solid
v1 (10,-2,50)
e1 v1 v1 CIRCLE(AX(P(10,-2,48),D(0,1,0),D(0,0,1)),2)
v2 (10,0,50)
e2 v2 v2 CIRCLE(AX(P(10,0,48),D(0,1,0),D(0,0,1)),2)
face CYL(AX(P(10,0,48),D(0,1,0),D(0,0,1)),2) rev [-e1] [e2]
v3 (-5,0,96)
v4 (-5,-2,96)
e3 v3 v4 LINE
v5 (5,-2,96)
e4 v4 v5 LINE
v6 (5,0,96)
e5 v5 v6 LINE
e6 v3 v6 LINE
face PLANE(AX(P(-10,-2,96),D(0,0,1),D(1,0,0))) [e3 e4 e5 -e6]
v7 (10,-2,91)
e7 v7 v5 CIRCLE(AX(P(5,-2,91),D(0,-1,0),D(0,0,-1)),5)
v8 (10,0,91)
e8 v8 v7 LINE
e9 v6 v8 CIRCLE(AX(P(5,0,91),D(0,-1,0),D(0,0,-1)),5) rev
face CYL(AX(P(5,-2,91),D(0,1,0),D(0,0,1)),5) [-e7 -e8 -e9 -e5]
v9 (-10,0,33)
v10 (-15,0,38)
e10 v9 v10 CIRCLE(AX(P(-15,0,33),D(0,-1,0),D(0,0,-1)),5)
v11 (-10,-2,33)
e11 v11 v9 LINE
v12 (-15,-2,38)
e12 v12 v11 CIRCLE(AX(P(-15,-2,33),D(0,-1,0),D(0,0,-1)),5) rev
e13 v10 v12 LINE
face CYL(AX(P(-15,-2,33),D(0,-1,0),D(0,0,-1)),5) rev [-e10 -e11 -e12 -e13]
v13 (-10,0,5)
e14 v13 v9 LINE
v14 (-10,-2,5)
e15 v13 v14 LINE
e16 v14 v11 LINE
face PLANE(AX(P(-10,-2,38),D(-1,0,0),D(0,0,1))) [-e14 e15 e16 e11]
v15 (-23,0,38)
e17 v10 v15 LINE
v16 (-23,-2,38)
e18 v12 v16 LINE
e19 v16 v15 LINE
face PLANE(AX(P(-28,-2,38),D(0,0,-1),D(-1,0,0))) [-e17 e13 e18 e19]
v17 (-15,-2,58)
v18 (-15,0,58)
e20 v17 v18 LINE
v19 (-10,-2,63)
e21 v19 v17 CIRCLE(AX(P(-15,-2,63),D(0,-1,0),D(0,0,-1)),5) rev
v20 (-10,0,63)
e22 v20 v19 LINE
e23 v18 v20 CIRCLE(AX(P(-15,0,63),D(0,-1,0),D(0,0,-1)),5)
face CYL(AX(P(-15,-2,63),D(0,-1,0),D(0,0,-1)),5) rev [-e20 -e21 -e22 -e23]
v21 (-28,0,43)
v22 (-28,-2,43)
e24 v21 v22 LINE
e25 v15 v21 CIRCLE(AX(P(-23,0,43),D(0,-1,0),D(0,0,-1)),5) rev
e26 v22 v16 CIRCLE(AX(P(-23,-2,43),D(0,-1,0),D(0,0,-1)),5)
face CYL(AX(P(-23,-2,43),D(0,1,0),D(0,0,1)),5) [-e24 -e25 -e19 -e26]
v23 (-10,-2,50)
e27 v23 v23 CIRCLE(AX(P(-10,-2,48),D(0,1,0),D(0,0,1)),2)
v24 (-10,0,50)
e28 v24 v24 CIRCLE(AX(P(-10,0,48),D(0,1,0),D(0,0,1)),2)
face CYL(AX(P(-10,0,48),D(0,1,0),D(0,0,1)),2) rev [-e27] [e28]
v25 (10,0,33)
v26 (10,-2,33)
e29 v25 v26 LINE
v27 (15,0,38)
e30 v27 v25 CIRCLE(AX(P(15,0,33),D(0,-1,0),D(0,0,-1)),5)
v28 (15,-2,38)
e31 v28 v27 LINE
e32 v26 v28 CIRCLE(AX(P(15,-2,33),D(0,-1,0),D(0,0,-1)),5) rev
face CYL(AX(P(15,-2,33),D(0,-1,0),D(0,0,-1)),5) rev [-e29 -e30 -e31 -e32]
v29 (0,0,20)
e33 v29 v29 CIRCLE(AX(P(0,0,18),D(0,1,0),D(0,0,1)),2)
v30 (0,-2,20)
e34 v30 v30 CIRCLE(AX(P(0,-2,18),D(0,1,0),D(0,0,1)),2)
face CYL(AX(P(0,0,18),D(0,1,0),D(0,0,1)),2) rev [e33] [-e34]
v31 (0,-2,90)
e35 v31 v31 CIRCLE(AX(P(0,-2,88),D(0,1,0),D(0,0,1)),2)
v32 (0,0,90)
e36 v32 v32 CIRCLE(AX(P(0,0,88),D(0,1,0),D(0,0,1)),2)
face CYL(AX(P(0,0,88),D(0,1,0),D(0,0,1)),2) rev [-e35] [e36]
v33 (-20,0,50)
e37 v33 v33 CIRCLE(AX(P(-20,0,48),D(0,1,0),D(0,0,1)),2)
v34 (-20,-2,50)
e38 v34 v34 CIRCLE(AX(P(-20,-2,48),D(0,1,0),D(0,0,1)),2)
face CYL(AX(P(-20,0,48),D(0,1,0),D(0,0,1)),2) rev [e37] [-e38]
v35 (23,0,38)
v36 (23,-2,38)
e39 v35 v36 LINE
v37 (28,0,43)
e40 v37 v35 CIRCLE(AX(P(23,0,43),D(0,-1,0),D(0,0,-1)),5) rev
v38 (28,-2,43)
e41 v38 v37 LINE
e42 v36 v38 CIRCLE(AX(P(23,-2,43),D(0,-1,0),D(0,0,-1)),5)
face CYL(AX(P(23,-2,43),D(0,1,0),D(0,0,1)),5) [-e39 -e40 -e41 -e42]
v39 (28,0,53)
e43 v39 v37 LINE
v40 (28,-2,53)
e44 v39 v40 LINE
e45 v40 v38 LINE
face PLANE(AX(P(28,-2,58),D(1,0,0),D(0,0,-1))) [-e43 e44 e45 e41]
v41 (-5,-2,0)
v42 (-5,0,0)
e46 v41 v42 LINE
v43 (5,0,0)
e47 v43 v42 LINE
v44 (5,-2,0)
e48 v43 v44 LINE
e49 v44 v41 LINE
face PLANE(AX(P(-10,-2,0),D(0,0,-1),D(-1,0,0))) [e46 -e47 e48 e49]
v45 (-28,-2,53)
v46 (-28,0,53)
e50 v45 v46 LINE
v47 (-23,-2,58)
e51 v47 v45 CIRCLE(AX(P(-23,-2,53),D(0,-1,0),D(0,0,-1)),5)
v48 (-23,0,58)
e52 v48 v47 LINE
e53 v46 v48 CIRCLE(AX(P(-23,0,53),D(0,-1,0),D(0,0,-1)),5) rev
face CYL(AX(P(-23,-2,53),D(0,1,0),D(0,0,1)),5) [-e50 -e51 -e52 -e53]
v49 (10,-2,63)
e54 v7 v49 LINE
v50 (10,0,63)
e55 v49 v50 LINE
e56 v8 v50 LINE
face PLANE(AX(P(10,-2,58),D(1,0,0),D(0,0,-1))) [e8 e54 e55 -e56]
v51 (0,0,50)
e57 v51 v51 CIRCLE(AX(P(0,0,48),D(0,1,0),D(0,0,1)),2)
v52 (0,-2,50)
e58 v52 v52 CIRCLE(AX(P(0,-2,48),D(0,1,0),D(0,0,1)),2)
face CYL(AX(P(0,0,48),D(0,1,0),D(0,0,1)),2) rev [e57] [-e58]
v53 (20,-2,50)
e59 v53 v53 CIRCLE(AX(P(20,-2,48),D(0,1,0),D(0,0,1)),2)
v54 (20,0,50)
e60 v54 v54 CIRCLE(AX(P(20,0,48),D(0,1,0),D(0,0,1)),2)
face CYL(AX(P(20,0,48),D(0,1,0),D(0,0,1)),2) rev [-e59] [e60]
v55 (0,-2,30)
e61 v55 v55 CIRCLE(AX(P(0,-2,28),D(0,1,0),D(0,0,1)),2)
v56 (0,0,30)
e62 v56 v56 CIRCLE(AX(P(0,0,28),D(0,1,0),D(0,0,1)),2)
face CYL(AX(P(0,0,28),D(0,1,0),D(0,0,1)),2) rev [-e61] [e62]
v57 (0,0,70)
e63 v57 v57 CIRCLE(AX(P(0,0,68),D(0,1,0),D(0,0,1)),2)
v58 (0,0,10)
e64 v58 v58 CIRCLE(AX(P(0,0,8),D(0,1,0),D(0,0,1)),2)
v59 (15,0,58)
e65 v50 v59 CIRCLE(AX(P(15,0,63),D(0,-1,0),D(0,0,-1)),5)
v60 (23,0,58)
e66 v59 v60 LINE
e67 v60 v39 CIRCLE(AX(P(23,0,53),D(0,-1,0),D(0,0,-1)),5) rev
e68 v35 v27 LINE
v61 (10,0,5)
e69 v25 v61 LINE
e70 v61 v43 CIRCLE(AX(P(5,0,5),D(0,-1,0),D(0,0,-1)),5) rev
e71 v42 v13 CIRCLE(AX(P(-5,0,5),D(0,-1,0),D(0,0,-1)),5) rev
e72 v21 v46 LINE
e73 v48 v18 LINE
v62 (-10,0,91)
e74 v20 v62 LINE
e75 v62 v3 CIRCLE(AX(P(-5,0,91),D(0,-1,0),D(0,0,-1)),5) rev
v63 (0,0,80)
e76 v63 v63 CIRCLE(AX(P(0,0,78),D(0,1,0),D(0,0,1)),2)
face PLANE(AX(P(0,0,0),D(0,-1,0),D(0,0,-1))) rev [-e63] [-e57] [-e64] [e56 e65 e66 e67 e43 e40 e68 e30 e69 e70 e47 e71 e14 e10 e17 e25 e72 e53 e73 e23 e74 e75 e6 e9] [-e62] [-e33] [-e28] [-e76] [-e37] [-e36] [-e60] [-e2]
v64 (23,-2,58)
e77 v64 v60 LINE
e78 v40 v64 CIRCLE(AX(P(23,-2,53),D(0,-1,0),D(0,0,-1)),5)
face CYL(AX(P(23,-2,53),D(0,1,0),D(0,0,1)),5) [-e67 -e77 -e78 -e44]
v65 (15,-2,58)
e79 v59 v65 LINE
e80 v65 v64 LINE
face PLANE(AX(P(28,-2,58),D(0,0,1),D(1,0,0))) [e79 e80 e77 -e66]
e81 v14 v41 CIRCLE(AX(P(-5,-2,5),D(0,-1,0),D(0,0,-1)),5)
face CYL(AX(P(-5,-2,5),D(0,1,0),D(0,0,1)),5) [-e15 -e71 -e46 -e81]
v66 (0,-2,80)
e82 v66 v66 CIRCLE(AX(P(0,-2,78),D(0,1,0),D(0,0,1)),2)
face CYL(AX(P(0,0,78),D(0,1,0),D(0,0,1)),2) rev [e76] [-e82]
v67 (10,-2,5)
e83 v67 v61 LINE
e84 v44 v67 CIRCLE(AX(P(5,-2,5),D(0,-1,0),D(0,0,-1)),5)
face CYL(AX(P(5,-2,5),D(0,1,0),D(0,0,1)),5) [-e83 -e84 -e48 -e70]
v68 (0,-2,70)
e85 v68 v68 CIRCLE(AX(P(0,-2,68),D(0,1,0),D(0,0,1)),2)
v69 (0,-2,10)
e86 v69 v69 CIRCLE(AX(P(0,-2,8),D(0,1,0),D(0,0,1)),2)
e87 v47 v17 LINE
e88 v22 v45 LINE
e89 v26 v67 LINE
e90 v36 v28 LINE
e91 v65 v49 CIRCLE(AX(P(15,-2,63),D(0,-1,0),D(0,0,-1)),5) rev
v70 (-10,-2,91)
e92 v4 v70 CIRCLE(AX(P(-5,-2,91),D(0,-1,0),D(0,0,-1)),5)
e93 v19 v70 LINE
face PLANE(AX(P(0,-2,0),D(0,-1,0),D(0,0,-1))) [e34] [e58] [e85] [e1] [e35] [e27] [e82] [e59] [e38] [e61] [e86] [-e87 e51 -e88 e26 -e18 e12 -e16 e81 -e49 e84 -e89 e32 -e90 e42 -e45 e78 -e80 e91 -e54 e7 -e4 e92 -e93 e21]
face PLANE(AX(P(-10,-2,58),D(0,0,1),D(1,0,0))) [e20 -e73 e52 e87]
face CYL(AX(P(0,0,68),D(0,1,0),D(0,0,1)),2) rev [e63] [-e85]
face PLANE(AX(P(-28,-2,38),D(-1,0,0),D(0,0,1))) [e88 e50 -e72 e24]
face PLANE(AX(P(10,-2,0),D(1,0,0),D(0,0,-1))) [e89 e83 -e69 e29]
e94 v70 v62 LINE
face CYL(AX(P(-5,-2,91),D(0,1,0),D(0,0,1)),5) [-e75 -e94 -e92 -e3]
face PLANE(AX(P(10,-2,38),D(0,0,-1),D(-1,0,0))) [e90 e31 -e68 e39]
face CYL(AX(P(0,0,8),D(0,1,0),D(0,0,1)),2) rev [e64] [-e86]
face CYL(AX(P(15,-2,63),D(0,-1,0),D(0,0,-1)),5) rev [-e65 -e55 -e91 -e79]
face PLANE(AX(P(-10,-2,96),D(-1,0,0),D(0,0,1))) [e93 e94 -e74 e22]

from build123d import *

# Parameters (mm, degrees)
EXTRUDE_1_DEPTH       = 2
HOLE_WIZARD_4_0_4_1_D = 4
HOLE_WIZARD_4_0_4_2_D = 4
FILLET_1_R            = 5
FILLET_2_R            = 5


with BuildPart() as part:
    # 草圖1 → 填料-伸長1 (new body)
    with BuildSketch(Plane(origin=(0, 0, 0), x_dir=(1, 0, 0), z_dir=(0, 1, 0))):
        Polygon((-28, -38), (-28, -58), (-10, -58), (-10, -96), (10, -96), (10, -58), (28, -58), (28, -38), (10, -38), (10, 0), (-10, 0), (-10, -38), align=None)
    extrude(amount=-EXTRUDE_1_DEPTH)

    # Ø4.0 (4) 直徑孔1 (through all)
    with Locations(Plane(origin=(0, 0, 0), x_dir=(1, 0, 0), z_dir=(0, 1, 0))):
        with Locations((0, -28), (0, -48), (0, -68), (0, -88), (-20, -48), (20, -48), (0, -8)):
            Hole(HOLE_WIZARD_4_0_4_1_D / 2)

    # Ø4.0 (4) 直徑孔2 (through all)
    with Locations(Plane(origin=(0, 0, 0), x_dir=(1, 0, 0), z_dir=(0, 1, 0))):
        with Locations((0, -18), (10, -48), (-10, -48), (0, -78)):
            Hole(HOLE_WIZARD_4_0_4_2_D / 2)

    # 圓角1
    fillet_1_edges = [part.edges().sort_by_distance(p)[0] for p in [
        (10, -1, 38),
        (10, -1, 58),
        (-10, -1, 58),
        (-10, -1, 38),
    ]]
    fillet(fillet_1_edges, radius=FILLET_1_R)

    # 圓角2
    fillet_2_edges = [part.edges().sort_by_distance(p)[0] for p in [
        (10, -1, 0),
        (28, -1, 38),
        (28, -1, 58),
        (10, -1, 96),
        (-10, -1, 96),
        (-28, -1, 58),
        (-28, -1, 38),
        (-10, -1, 0),
    ]]
    fillet(fillet_2_edges, radius=FILLET_2_R)


solid = part.part
